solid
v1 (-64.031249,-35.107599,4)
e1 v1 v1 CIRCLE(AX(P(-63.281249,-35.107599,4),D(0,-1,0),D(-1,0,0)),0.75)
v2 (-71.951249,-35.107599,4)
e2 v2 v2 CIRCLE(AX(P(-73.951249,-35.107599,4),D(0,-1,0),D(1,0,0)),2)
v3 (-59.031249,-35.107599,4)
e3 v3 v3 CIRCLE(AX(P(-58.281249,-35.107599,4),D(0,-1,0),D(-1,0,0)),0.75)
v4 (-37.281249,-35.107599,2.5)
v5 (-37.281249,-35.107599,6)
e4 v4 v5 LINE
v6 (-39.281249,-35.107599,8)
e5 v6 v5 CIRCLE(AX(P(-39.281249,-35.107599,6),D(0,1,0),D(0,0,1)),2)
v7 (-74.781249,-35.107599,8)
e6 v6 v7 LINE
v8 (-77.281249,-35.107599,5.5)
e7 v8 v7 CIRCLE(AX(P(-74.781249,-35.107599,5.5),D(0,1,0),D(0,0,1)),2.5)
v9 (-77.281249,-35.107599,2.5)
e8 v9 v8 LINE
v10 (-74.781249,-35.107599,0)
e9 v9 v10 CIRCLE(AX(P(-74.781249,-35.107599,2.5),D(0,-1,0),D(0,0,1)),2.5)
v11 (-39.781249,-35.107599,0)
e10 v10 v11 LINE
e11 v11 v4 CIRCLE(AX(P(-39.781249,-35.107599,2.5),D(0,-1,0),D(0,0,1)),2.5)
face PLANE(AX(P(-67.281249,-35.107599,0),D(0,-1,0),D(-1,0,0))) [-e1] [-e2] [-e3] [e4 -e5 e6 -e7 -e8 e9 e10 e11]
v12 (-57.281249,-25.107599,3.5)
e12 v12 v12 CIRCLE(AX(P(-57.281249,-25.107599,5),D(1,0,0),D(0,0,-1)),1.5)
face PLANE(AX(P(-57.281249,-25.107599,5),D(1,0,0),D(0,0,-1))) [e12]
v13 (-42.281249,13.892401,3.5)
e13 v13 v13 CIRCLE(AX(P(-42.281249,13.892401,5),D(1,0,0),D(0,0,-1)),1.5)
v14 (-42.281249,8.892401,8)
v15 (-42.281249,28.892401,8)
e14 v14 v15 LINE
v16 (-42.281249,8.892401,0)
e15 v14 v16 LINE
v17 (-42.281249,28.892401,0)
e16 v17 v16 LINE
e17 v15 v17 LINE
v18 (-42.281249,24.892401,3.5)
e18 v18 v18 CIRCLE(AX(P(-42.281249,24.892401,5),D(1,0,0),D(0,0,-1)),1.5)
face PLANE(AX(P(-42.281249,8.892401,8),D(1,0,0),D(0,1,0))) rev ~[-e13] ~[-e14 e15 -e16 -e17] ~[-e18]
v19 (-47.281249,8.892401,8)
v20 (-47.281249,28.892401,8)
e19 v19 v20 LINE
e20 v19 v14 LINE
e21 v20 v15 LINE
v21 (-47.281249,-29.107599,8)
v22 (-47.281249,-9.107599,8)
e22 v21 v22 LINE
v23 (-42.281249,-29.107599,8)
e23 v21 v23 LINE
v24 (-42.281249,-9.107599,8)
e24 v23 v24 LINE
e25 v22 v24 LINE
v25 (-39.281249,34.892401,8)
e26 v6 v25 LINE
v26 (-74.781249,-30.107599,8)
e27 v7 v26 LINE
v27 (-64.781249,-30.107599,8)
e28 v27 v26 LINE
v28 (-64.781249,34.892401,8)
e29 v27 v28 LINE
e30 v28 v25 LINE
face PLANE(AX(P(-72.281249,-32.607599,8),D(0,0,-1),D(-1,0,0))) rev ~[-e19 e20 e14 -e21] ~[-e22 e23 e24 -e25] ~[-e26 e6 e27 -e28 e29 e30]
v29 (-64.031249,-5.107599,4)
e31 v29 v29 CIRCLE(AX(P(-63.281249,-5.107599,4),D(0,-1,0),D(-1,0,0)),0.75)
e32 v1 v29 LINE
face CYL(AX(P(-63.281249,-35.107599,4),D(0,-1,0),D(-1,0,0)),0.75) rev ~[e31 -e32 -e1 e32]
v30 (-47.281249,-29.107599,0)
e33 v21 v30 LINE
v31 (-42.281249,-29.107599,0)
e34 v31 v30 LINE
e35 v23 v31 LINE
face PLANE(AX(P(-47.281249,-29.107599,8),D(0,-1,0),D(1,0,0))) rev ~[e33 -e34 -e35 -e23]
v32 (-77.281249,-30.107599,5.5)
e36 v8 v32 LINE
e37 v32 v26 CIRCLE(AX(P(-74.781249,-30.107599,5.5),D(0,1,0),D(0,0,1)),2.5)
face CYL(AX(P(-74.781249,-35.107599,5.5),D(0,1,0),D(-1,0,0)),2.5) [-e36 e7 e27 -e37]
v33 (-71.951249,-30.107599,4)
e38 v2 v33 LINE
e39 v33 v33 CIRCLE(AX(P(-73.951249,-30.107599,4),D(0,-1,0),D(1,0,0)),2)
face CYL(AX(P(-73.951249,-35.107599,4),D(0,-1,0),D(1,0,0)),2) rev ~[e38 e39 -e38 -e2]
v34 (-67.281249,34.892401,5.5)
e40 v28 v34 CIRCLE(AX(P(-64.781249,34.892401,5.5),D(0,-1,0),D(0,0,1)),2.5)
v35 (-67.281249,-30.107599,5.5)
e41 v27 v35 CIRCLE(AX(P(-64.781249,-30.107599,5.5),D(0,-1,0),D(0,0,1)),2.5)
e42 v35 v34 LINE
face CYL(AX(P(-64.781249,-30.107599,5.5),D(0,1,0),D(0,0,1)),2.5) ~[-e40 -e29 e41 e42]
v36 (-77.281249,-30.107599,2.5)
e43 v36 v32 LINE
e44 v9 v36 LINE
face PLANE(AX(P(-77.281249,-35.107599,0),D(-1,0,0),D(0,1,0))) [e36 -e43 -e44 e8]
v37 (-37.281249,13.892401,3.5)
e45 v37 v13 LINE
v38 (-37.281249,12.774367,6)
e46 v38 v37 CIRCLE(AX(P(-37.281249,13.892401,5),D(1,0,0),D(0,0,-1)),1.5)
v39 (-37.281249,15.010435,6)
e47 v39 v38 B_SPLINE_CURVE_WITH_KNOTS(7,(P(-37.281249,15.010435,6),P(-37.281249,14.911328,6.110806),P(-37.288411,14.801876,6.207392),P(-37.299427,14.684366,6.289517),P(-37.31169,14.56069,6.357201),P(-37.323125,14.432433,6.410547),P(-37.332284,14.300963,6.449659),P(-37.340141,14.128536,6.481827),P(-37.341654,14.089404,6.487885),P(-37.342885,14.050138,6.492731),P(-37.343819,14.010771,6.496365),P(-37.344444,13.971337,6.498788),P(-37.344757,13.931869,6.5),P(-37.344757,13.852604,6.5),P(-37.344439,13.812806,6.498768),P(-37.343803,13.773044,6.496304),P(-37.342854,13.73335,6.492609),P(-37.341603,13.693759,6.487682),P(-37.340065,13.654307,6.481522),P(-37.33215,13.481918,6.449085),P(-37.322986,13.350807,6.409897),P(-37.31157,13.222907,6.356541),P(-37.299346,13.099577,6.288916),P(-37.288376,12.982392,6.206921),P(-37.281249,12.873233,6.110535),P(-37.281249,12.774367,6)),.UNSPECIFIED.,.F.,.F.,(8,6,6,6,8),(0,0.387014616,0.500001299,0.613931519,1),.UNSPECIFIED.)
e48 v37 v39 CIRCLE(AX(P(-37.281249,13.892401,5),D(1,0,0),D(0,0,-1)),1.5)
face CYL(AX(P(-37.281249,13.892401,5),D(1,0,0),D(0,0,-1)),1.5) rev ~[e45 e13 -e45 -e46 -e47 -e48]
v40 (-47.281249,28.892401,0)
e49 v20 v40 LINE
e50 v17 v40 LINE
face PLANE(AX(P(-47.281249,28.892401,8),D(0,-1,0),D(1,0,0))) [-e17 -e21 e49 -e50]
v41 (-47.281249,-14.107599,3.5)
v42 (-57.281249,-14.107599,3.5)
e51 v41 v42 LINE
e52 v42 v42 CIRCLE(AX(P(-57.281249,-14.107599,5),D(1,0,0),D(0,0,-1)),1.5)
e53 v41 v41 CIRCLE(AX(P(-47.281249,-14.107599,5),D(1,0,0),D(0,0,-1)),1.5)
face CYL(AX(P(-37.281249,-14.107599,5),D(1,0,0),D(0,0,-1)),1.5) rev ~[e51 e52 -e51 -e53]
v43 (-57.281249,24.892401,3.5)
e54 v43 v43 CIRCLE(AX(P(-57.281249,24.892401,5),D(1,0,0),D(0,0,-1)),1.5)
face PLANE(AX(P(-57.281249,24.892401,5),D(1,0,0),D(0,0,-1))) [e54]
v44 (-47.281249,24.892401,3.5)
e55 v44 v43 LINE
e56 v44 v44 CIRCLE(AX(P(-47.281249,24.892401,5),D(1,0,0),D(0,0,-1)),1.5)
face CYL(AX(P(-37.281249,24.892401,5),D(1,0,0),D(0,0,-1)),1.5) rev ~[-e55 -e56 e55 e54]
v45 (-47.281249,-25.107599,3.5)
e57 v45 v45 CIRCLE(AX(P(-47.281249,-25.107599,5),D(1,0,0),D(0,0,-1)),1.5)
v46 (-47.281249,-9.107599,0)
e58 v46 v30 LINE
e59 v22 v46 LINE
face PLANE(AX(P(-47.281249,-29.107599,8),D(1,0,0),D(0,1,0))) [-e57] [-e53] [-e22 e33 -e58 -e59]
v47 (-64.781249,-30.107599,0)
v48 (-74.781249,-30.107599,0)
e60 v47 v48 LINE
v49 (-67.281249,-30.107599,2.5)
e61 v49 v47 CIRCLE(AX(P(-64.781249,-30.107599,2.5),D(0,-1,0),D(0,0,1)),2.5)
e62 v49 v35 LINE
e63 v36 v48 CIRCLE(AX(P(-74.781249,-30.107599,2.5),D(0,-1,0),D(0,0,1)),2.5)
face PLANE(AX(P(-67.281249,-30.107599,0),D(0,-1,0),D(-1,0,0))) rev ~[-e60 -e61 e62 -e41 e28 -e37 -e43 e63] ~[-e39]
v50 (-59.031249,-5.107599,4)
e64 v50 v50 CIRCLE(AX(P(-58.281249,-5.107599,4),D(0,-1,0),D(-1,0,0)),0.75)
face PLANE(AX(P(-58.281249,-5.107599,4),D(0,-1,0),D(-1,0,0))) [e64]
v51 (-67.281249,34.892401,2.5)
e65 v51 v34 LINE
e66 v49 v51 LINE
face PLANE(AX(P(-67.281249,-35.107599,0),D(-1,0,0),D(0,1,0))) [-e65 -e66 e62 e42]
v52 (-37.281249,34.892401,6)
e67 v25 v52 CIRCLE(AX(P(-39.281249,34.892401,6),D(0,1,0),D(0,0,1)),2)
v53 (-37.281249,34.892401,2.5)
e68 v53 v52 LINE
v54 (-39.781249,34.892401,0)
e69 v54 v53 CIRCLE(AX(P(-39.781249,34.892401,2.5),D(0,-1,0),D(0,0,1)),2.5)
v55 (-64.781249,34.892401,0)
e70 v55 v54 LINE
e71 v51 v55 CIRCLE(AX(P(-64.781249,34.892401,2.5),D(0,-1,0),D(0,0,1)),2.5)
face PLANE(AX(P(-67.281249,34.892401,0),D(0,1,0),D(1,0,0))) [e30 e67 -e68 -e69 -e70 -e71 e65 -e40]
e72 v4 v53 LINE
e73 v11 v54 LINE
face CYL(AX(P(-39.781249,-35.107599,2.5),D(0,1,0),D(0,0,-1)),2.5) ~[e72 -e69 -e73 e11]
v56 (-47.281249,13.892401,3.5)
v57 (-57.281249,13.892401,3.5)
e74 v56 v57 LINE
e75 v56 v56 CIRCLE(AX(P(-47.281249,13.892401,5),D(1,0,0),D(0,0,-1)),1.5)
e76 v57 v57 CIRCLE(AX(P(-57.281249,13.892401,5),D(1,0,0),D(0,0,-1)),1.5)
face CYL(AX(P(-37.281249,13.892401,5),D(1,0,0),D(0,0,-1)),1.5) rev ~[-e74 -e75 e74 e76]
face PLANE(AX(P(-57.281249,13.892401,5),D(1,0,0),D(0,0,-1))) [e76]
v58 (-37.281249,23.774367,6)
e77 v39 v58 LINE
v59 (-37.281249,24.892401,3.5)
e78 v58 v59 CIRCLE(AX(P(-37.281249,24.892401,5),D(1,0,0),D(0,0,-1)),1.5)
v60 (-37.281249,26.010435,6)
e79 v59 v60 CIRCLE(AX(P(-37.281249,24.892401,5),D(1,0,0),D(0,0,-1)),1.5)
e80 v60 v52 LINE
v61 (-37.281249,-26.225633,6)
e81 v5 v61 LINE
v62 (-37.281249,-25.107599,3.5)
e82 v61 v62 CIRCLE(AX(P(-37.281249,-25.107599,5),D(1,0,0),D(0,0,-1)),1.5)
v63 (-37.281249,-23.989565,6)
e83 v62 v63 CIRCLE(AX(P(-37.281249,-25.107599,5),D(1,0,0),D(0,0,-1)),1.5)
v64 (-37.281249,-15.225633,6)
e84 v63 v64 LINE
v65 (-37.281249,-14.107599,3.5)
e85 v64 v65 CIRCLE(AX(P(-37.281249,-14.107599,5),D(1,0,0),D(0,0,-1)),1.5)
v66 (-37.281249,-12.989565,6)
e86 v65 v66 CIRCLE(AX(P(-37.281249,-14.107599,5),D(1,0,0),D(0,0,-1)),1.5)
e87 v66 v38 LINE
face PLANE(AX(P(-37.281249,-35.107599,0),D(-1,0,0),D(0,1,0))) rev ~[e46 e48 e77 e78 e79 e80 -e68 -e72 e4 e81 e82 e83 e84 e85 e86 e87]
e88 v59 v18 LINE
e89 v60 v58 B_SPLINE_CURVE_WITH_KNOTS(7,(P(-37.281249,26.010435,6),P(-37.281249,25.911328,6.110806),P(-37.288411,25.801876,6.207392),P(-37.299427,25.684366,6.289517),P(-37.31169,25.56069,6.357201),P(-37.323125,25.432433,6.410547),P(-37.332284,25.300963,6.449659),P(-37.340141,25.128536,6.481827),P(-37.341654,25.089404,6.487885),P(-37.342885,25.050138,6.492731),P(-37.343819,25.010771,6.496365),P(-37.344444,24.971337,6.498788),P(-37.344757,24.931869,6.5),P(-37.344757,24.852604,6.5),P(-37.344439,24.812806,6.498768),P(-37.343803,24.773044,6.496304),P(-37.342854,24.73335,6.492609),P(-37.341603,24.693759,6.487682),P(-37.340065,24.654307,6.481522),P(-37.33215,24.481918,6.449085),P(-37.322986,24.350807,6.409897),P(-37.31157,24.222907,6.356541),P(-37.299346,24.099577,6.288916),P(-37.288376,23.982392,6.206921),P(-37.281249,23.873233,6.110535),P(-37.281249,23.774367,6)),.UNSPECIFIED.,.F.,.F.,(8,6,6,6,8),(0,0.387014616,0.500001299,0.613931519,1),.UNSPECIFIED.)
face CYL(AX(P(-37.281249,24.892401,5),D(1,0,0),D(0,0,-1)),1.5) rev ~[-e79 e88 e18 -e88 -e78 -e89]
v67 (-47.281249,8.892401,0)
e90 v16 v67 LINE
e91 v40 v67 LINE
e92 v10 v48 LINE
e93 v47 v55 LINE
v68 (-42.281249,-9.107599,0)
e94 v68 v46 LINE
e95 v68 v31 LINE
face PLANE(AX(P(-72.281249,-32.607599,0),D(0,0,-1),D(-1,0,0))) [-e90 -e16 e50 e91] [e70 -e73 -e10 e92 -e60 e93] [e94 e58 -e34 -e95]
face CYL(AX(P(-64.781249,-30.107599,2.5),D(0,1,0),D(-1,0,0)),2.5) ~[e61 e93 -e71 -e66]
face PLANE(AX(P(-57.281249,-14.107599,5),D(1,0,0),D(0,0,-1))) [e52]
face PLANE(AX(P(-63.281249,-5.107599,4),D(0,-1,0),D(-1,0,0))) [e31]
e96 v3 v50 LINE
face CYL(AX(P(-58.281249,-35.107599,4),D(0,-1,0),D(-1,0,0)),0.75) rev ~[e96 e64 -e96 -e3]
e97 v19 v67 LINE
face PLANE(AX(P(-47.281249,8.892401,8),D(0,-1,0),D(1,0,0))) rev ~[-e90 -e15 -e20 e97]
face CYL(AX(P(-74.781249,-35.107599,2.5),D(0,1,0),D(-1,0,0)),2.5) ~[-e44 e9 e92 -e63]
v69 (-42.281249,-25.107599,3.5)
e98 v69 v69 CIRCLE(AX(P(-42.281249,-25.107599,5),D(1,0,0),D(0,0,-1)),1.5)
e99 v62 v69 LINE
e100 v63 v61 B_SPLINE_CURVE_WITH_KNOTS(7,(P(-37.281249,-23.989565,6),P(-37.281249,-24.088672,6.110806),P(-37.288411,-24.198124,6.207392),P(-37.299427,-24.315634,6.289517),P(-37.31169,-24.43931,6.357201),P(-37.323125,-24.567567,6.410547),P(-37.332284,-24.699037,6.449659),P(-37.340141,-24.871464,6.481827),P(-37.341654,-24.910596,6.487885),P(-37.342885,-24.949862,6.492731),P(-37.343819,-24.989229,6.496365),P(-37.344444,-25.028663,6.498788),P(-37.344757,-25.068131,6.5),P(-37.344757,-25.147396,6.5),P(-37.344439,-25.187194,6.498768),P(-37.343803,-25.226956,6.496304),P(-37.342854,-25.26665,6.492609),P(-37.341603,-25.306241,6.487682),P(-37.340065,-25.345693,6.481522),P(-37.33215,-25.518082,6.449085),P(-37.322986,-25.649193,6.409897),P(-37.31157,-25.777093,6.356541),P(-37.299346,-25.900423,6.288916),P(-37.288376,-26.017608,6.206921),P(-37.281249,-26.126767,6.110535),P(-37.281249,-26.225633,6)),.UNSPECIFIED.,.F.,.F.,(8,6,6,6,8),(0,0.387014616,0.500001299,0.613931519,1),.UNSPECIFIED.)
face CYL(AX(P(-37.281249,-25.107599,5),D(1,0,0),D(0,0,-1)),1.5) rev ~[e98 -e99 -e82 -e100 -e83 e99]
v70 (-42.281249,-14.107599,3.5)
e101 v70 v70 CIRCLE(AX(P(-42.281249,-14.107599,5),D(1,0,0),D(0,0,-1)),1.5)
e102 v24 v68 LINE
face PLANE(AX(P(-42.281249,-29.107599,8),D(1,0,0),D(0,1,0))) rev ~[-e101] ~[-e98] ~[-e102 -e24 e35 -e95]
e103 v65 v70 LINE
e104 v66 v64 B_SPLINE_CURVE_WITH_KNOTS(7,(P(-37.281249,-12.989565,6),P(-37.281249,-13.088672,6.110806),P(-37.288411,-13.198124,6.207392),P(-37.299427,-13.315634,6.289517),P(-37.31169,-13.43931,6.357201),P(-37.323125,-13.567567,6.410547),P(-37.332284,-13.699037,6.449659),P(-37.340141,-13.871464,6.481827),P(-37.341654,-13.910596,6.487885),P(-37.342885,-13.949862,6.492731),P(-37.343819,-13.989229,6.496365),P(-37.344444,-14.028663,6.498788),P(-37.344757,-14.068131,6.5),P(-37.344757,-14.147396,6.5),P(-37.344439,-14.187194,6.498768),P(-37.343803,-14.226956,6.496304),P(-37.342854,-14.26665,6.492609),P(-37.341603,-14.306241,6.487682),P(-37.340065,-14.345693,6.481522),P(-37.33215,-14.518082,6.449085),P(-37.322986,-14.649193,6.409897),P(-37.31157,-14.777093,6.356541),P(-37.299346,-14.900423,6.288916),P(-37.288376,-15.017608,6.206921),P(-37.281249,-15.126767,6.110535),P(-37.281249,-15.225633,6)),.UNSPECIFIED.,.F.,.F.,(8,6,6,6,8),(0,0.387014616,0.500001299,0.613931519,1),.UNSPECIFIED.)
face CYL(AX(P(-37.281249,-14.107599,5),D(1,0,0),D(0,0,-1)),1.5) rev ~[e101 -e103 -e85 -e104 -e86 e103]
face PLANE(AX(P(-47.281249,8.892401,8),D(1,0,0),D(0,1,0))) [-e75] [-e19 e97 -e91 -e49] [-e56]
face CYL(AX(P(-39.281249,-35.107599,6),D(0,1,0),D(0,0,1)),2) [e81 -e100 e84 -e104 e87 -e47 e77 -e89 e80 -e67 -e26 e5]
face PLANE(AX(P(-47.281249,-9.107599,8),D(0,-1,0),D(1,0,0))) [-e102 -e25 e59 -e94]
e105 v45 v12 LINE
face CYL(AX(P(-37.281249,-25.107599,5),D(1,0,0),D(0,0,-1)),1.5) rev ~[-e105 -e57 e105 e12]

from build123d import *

# Parameters (mm, degrees)
ESBO_O2_W                = 30
ESBO_O2_H                = 70
RESSALTO_EXTRUS_O1_DEPTH = 8
ESBO_O3_R                = 0.75
CORTE_EXTRUS_O1_DEPTH    = 30
FILETE1_R                = 2
ESBO_O17_W               = 10
ESBO_O17_H               = 5
RESSALTO_EXTRUS_O4_DEPTH = 8
ESBO_O20_R               = 2
CORTE_EXTRUS_O9_DEPTH    = 8
FILETE2_R                = 2.5
FILETE3_R                = 2.5
FILETE4_R                = 2.5
FILETE5_R                = 2.5
ESBO_O21_W               = 5
ESBO_O21_H               = 20
CORTE_EXTRUS_O10_DEPTH   = 9
FILETE6_R                = 2.5
ESBO_O22_R               = 1.5
CORTE_EXTRUS_O11_DEPTH   = 20


with BuildPart() as part:
    # Esboço2 → Ressalto-extrusão1 (new body)
    with BuildSketch(Plane.XY):
        with Locations((-52.281248797, -0.107598663)):
            Rectangle(ESBO_O2_W, ESBO_O2_H)
    extrude(amount=RESSALTO_EXTRUS_O1_DEPTH)

    # Esboço3 → Corte-extrusão1 (cut)
    with BuildSketch(Plane(origin=(0, -35.107598663, 0), x_dir=(-1, 0, 0), z_dir=(0, -1, 0))):
        with Locations((58.281248797, -4)):
            Circle(ESBO_O3_R)
        with Locations((63.281248797, -4)):
            Circle(ESBO_O3_R)
    extrude(amount=-CORTE_EXTRUS_O1_DEPTH, mode=Mode.SUBTRACT)

    # Filete1
    filete1_edges = [part.edges().sort_by_distance(p)[0] for p in [
        (-37.281248797, -0.107598663, 8),
    ]]
    fillet(filete1_edges, radius=FILETE1_R)

    # Esboço17 → Ressalto-extrusão4 (add)
    with BuildSketch(Plane(origin=(0, 0, 0), x_dir=(-1, 0, 0), z_dir=(0, 0, -1))):
        with Locations((72.281248797, -32.607598663)):
            Rectangle(ESBO_O17_W, ESBO_O17_H)
    extrude(amount=-RESSALTO_EXTRUS_O4_DEPTH)

    # Esboço20 → Corte-extrusão9 (cut)
    with BuildSketch(Plane.XZ.offset(35.107598663)):
        with Locations((-73.951248797, 4)):
            Circle(ESBO_O20_R)
    extrude(amount=-CORTE_EXTRUS_O9_DEPTH, mode=Mode.SUBTRACT)

    # Filete2
    filete2_edges = [part.edges().sort_by_distance(p)[0] for p in [
        (-67.281248797, 2.392401337, 8),
    ]]
    fillet(filete2_edges, radius=FILETE2_R)

    # Filete3
    filete3_edges = [part.edges().sort_by_distance(p)[0] for p in [
        (-67.281248797, 2.392401337, 0),
    ]]
    fillet(filete3_edges, radius=FILETE3_R)

    # Filete4
    filete4_edges = [part.edges().sort_by_distance(p)[0] for p in [
        (-77.281248797, -32.607598663, 8),
    ]]
    fillet(filete4_edges, radius=FILETE4_R)

    # Filete5
    filete5_edges = [part.edges().sort_by_distance(p)[0] for p in [
        (-77.281248797, -32.607598663, 0),
    ]]
    fillet(filete5_edges, radius=FILETE5_R)

    # Esboço21 → Corte-extrusão10 (cut, through all)
    with BuildSketch(Plane.XY.offset(8)):
        with Locations((-44.781248797, 18.892401337)):
            Rectangle(ESBO_O21_W, ESBO_O21_H)
        with Locations((-44.781248797, -19.107598663)):
            Rectangle(ESBO_O21_W, ESBO_O21_H)
    extrude(amount=-CORTE_EXTRUS_O10_DEPTH, mode=Mode.SUBTRACT)

    # Filete6
    filete6_edges = [part.edges().sort_by_distance(p)[0] for p in [
        (-37.281248797, -0.107598663, 0),
    ]]
    fillet(filete6_edges, radius=FILETE6_R)

    # Esboço22 → Corte-extrusão11 (cut)
    with BuildSketch(Plane(origin=(-37.281248797, 0, 0), x_dir=(0, 0, -1), z_dir=(1, 0, 0))):
        with Locations((-5, -25.107598663)):
            Circle(ESBO_O22_R)
        with Locations((-5, -14.107598663)):
            Circle(ESBO_O22_R)
        with Locations((-5, 24.892401337)):
            Circle(ESBO_O22_R)
        with Locations((-5, 13.892401337)):
            Circle(ESBO_O22_R)
    extrude(amount=-CORTE_EXTRUS_O11_DEPTH, mode=Mode.SUBTRACT)


solid = part.part
